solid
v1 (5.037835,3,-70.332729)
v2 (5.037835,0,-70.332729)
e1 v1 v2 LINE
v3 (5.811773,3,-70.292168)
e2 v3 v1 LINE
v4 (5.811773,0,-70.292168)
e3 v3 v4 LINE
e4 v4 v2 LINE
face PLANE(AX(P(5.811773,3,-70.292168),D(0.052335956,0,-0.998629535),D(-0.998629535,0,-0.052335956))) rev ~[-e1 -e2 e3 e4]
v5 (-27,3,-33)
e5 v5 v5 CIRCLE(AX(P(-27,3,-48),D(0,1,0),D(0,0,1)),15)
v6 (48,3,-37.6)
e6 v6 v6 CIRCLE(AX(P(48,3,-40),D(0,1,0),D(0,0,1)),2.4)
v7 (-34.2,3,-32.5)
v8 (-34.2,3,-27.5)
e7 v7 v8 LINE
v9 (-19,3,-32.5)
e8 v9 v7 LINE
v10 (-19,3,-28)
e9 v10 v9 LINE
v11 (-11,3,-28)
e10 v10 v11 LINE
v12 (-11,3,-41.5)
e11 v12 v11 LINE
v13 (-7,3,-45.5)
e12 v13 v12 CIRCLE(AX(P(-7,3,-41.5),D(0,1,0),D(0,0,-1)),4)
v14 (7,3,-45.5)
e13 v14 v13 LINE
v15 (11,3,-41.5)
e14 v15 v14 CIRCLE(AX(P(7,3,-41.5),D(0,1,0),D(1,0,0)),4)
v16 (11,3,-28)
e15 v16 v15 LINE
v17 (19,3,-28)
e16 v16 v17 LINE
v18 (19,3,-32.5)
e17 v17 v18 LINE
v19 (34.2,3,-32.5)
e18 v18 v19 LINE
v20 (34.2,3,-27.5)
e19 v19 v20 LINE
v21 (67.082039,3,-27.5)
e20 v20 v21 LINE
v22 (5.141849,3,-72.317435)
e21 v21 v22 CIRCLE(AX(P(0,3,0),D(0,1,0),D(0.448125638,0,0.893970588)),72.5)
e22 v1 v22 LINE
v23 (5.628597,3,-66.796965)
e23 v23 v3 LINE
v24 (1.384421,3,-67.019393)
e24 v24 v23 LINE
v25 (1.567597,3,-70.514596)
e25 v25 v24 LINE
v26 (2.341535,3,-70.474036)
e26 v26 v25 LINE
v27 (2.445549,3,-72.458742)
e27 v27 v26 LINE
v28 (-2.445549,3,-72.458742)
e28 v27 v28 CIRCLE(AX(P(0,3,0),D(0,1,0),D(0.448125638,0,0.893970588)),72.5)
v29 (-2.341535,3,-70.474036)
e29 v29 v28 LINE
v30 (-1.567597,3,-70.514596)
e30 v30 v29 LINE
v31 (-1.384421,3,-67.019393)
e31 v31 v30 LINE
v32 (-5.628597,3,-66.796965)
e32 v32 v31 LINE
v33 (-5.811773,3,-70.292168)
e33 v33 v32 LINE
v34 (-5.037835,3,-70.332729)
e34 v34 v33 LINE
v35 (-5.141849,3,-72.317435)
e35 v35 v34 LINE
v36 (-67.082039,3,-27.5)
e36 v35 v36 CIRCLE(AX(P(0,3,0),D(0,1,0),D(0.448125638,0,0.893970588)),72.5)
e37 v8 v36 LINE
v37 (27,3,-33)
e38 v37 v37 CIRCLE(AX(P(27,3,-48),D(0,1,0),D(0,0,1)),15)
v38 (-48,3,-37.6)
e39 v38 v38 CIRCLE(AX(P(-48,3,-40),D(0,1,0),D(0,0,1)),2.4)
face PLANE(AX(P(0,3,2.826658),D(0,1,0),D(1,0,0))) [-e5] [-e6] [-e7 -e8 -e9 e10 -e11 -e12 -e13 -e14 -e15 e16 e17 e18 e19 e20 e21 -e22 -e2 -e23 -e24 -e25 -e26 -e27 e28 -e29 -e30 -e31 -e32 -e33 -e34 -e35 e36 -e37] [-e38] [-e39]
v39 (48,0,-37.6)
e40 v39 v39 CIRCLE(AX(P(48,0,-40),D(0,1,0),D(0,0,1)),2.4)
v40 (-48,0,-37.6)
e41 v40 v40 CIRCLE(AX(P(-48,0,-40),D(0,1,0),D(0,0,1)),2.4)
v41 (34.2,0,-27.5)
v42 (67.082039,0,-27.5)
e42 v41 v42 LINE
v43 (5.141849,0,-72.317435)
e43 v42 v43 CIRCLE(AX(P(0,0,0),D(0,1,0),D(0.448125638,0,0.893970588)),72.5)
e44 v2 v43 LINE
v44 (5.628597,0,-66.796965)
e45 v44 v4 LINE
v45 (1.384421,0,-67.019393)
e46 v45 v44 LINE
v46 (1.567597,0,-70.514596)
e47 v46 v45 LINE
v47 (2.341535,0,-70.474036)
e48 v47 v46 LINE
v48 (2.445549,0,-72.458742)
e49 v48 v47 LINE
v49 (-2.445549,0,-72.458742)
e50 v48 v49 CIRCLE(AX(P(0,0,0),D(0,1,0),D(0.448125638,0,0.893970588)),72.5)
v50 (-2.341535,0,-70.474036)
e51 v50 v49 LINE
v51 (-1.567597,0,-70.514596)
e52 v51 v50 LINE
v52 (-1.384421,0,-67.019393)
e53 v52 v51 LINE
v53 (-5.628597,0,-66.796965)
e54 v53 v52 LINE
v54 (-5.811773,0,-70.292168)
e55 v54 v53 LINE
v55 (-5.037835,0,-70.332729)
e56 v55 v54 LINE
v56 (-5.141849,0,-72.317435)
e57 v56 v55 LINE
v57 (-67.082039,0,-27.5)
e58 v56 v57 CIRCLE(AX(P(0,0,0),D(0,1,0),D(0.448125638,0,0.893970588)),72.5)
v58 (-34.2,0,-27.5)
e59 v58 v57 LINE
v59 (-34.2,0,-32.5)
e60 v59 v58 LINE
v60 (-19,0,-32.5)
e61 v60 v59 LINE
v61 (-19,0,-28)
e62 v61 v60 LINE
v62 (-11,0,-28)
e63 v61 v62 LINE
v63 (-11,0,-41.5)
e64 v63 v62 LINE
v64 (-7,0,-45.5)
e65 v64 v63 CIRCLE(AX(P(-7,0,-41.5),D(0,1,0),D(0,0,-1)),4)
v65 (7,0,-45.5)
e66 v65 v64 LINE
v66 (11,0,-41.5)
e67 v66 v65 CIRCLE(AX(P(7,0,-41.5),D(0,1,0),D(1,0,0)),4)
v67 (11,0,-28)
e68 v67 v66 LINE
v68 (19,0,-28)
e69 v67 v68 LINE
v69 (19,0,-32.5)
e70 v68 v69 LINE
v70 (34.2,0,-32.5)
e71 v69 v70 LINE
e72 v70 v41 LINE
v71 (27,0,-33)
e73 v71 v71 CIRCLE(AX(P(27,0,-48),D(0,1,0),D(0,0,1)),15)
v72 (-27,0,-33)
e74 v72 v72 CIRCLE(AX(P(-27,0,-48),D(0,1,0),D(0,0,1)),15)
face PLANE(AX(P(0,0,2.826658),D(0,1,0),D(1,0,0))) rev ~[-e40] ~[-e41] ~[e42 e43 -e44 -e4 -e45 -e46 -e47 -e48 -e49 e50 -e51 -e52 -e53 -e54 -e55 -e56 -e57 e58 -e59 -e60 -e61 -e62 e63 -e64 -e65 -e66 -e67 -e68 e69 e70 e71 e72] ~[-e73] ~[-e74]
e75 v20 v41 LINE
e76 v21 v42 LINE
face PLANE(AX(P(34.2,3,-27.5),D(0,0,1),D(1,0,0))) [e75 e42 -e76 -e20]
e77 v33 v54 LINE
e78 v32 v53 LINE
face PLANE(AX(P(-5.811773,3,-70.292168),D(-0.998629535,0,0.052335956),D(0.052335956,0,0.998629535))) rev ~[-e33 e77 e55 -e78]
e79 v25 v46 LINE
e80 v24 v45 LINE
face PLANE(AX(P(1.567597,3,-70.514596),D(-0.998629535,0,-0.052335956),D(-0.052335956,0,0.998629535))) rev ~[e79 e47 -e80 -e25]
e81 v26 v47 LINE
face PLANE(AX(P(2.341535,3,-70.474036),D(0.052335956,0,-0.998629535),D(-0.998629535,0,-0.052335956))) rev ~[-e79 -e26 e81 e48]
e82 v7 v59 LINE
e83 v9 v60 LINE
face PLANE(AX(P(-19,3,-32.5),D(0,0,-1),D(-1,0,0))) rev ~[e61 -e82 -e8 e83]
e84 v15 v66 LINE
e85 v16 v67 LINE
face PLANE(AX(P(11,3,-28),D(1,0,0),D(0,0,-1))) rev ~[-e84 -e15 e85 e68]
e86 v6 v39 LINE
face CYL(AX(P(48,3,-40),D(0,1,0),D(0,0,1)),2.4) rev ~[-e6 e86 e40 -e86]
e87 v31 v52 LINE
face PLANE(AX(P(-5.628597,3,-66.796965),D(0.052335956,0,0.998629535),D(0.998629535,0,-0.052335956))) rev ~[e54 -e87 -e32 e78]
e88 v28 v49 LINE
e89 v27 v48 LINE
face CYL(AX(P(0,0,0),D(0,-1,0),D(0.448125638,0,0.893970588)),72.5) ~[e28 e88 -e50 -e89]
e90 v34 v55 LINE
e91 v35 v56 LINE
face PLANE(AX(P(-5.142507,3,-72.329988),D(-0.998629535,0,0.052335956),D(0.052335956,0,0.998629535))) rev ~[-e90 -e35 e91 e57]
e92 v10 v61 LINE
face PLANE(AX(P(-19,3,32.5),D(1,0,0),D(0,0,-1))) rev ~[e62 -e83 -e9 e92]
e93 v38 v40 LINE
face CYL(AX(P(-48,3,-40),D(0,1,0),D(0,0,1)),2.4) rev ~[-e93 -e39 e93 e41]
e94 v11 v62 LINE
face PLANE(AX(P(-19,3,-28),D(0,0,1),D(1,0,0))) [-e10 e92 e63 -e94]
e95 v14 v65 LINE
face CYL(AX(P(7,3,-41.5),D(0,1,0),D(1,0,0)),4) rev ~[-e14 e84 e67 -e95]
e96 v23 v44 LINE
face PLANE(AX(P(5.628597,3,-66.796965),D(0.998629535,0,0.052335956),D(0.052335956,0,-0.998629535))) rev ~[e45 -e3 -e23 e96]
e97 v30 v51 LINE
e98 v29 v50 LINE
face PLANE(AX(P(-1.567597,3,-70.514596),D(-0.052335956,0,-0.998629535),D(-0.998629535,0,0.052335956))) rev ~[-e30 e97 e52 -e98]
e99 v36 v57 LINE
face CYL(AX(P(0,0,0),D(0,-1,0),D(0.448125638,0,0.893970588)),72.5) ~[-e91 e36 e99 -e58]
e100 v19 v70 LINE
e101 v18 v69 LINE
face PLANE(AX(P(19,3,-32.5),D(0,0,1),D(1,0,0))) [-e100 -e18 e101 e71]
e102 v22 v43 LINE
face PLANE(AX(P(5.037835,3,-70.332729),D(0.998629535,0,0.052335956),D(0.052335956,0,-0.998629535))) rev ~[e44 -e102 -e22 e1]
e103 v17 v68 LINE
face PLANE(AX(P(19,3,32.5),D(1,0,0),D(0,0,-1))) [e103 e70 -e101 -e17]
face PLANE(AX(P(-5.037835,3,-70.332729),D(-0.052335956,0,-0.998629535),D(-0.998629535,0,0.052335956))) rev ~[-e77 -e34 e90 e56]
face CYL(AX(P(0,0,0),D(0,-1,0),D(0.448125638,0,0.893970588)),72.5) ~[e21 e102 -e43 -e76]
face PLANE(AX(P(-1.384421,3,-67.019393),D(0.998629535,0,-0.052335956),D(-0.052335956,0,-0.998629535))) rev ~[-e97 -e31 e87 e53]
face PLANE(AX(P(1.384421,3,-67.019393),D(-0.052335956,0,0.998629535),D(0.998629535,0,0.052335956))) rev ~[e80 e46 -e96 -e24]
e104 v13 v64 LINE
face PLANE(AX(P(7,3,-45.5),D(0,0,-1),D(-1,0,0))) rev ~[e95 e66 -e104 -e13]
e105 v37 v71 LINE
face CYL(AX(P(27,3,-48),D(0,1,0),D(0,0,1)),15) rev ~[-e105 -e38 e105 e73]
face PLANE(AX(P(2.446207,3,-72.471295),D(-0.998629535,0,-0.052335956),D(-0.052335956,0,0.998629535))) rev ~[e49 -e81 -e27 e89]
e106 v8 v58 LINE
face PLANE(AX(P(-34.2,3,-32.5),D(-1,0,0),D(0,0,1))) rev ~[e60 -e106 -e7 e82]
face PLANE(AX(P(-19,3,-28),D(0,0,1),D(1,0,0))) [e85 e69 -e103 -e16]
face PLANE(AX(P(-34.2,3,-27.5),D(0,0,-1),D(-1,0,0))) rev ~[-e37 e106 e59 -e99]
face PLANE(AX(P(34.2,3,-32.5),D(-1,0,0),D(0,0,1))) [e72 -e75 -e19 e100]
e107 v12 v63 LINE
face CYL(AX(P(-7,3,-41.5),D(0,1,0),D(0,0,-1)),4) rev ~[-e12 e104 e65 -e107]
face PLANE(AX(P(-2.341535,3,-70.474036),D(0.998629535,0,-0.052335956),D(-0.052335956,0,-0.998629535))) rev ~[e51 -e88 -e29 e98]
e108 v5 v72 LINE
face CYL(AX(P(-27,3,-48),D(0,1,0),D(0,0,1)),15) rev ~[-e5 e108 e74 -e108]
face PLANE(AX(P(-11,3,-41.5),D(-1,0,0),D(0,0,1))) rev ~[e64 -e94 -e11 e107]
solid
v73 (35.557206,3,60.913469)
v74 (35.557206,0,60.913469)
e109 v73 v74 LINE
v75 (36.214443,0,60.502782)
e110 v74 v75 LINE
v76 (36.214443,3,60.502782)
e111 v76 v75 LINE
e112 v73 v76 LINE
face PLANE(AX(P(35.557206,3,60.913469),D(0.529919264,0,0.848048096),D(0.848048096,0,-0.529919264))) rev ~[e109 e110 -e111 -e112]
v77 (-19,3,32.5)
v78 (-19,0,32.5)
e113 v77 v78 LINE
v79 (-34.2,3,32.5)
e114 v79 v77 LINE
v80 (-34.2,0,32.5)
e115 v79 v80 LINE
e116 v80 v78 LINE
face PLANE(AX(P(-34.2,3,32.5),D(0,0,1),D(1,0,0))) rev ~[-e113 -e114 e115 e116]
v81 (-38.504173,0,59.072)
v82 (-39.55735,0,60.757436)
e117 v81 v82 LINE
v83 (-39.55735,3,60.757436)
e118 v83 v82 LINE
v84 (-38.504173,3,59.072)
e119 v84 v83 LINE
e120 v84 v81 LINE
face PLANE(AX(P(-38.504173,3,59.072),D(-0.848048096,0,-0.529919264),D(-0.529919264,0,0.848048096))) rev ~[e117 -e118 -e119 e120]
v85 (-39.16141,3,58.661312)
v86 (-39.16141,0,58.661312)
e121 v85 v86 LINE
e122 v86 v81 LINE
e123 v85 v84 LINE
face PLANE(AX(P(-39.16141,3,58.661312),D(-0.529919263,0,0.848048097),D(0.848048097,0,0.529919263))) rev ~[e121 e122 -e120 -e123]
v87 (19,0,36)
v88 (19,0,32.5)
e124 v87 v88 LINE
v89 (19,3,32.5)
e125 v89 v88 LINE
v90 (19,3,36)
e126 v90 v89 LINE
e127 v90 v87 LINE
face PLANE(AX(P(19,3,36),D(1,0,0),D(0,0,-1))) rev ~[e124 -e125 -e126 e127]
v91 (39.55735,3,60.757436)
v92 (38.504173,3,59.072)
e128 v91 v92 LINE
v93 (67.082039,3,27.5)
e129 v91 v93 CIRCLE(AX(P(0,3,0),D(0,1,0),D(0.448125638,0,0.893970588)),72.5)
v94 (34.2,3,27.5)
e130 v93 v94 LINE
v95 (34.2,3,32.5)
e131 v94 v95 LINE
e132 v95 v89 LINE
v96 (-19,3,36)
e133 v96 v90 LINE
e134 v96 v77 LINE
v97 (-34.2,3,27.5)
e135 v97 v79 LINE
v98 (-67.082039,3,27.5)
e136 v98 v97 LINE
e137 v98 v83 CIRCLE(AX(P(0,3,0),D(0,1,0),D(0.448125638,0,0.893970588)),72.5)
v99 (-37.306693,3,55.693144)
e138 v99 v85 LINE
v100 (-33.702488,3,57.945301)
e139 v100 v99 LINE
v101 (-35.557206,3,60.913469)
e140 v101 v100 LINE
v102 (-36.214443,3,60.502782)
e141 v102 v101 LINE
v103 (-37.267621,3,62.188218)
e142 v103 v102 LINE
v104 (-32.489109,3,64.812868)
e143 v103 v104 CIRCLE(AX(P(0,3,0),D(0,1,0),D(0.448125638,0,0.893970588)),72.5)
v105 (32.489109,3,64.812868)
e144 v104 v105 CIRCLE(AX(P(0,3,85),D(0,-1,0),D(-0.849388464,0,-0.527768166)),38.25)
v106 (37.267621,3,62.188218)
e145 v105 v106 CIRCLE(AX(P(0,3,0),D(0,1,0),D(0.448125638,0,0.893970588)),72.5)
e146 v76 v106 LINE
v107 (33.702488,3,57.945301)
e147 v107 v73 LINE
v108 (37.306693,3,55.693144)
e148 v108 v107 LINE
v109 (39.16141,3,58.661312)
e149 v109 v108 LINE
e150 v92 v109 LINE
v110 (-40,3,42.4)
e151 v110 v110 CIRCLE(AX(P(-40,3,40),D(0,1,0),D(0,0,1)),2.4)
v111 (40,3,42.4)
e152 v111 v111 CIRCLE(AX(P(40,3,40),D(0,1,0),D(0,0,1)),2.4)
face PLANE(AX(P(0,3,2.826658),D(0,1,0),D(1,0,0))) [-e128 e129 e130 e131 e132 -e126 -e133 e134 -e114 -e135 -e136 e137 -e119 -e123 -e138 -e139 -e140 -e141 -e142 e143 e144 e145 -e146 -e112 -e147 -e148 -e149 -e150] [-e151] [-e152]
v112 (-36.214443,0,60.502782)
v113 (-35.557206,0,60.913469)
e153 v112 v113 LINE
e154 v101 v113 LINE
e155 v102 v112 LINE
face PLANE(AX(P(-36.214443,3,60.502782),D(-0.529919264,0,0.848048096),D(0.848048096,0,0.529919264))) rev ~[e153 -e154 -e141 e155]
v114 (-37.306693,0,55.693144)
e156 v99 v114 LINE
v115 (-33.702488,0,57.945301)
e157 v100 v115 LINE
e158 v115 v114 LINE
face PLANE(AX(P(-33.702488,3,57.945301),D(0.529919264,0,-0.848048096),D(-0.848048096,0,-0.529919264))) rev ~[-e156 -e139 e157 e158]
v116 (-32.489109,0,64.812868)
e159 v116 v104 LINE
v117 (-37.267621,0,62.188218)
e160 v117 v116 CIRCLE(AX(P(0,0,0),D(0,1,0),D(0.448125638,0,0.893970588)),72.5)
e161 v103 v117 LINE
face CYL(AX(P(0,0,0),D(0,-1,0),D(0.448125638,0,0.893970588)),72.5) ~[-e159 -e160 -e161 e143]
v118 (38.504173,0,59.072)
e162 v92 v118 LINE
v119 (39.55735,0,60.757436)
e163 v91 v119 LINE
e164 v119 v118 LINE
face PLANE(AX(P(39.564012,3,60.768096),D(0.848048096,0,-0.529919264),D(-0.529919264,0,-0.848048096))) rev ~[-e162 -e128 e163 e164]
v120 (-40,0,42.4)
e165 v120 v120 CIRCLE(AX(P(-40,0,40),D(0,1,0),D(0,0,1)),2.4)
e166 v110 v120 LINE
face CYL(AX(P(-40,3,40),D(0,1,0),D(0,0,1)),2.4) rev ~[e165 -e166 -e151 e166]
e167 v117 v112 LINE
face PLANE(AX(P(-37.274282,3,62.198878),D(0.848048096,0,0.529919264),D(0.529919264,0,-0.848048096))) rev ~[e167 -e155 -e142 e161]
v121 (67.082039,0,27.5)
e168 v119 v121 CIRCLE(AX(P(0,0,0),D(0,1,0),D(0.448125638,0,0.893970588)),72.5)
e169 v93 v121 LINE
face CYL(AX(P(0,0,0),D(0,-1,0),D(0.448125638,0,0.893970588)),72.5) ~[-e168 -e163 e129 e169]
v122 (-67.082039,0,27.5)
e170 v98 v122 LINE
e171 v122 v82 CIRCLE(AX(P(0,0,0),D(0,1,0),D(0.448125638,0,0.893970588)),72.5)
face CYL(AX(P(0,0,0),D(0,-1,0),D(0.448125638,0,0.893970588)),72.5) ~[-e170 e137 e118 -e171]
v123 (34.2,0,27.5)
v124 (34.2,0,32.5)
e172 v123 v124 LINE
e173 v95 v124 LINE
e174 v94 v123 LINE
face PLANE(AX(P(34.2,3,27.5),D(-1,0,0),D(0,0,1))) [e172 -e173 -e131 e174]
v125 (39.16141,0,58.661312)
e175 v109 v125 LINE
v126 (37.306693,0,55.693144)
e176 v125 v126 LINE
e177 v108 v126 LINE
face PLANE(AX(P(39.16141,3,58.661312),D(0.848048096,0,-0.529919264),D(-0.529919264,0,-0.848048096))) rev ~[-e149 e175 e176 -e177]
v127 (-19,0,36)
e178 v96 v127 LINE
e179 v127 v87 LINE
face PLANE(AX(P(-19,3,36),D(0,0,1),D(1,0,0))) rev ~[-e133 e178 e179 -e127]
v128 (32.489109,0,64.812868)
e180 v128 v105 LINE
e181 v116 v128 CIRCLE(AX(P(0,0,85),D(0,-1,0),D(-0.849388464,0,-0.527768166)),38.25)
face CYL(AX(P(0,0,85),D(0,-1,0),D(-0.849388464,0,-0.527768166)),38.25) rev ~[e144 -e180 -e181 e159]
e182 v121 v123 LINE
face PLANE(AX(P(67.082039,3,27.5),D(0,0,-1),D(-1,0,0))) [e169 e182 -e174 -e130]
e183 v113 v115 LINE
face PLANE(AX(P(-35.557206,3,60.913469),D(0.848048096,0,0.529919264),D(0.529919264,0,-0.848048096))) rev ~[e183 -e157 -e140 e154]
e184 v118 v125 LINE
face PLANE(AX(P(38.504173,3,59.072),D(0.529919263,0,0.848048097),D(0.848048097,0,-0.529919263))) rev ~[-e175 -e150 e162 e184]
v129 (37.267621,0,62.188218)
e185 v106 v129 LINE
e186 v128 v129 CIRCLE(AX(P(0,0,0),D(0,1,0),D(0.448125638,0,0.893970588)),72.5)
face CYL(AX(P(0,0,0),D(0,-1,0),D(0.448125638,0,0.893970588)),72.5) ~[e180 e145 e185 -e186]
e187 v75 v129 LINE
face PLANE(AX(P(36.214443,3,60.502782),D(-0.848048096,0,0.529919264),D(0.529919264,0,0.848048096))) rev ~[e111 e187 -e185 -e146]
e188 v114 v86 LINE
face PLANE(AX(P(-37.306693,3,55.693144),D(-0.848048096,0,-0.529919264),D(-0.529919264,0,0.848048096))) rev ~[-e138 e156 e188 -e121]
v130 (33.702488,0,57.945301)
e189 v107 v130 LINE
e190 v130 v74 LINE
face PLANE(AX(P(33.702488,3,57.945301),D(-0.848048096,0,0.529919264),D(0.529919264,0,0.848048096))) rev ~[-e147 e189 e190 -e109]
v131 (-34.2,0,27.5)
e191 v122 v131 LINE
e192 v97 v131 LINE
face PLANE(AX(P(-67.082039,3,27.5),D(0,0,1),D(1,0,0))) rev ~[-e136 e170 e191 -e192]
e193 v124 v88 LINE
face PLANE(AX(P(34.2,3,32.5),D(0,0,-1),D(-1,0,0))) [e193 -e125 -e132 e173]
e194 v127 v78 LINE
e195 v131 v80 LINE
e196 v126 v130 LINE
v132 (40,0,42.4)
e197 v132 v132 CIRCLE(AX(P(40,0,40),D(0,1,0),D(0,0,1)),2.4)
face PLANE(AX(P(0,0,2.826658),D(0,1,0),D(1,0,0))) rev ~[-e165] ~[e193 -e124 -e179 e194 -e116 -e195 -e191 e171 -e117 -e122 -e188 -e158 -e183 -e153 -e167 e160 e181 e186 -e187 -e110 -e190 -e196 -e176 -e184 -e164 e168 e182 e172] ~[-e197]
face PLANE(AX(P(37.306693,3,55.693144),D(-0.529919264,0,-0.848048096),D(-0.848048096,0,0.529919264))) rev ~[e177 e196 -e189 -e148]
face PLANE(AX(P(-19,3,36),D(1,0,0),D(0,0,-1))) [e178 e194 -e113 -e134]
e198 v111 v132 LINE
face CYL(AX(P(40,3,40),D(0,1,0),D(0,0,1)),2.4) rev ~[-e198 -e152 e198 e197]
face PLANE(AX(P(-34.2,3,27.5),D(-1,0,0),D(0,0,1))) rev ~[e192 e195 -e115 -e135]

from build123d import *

# Parameters (mm, degrees)
BOSS_EXTRUDE1_DEPTH  = 3
SOLENOID_PLACEMENT_W = 38
SOLENOID_PLACEMENT_H = 64
CUT_EXTRUDE1_DEPTH   = 103.574363269
SKETCH3_R            = 12
CUT_EXTRUDE3_DEPTH   = 103.574363269
SKETCH4_R            = 2.4
CUT_EXTRUDE4_DEPTH   = 103.574363269
CUT_EXTRUDE2_DEPTH   = 103.574363269
CUT_EXTRUDE5_DEPTH   = 99.819279495
SKETCH6_R            = 15
CUT_EXTRUDE10_DEPTH  = 99.819279495
CUT_EXTRUDE11_DEPTH  = 99.819279495


with BuildPart() as part:
    # Sketch1 → Boss-Extrude1 (new body)
    with BuildSketch(Plane(origin=(0, 0, 0), x_dir=(1, 0, 0), z_dir=(0, 1, 0))):
        with BuildLine():
            ThreePointArc((32.48910875, -64.812867647), (0, 72.5), (-32.48910875, -64.812867647))
            ThreePointArc((-32.48910875, -64.812867647), (0, -46.75), (32.48910875, -64.812867647))
        make_face()
    extrude(amount=BOSS_EXTRUDE1_DEPTH)

    # solenoid placement → Cut-Extrude1 (cut, through all)
    with BuildSketch(Plane(origin=(0, 3, 0), x_dir=(1, 0, 0), z_dir=(0, 1, 0))):
        with Locations((0, -4)):
            Rectangle(SOLENOID_PLACEMENT_W, SOLENOID_PLACEMENT_H)
    extrude(amount=-CUT_EXTRUDE1_DEPTH, mode=Mode.SUBTRACT)

    # Sketch3 → Cut-Extrude3 (cut, through all)
    with BuildSketch(Plane(origin=(0, 3, 0), x_dir=(1, 0, 0), z_dir=(0, 1, 0))):
        with Locations(Location((27, 48, 0), (0, 0, 270))):
            Circle(SKETCH3_R)
        with Locations(Location((-27, 48, 0), (0, 0, 270))):
            Circle(SKETCH3_R)
    extrude(amount=-CUT_EXTRUDE3_DEPTH, mode=Mode.SUBTRACT)

    # Sketch4 → Cut-Extrude4 (cut, through all)
    with BuildSketch(Plane(origin=(0, 3, 0), x_dir=(1, 0, 0), z_dir=(0, 1, 0))):
        with Locations(Location((40, -40, 0), (0, 0, 270))):
            Circle(SKETCH4_R)
        with Locations(Location((-40, -40, 0), (0, 0, 270))):
            Circle(SKETCH4_R)
        with Locations(Location((48, 40, 0), (0, 0, 270))):
            Circle(SKETCH4_R)
        with Locations(Location((-48, 40, 0), (0, 0, 270))):
            Circle(SKETCH4_R)
    extrude(amount=-CUT_EXTRUDE4_DEPTH, mode=Mode.SUBTRACT)

    # Sketch2 → Cut-Extrude2 (cut, through all)
    with BuildSketch(Plane(origin=(0, 3, 0), x_dir=(1, 0, 0), z_dir=(0, 1, 0))):
        with BuildLine():
            Line((34.2, -27.5), (34.2, -32.5))
            Line((34.2, -32.5), (22.2, -32.5))
            Line((22.2, -32.5), (19, -32.5))
            Line((19, -32.5), (19, 32.5))
            Line((19, 32.5), (22.2, 32.5))
            Line((22.2, 32.5), (34.2, 32.5))
            Line((34.2, 32.5), (34.2, 27.5))
            Line((34.2, 27.5), (67.082039325, 27.5))
            ThreePointArc((67.082039325, 27.5), (72.5, 0), (67.082039325, -27.5))
            Line((67.082039325, -27.5), (34.2, -27.5))
        make_face()
        with BuildLine():
            Line((-34.2, -32.5), (-22.2, -32.5))
            Line((-22.2, -32.5), (-19, -32.5))
            Line((-19, -32.5), (-19, 32.5))
            Line((-19, 32.5), (-22.2, 32.5))
            Line((-22.2, 32.5), (-34.2, 32.5))
            Line((-34.2, 32.5), (-34.2, 27.5))
            Line((-34.2, 27.5), (-67.082039325, 27.5))
            ThreePointArc((-67.082039325, 27.5), (-72.5, 0), (-67.082039325, -27.5))
            Line((-67.082039325, -27.5), (-34.2, -27.5))
            Line((-34.2, -27.5), (-34.2, -32.5))
        make_face()
    extrude(amount=-CUT_EXTRUDE2_DEPTH, mode=Mode.SUBTRACT)


with BuildPart() as cut_extrude2_piece_1:
    # of the separate pieces the step leaves, piece 1, a body of its own (cut_extrude2_pieces)
    add(part.part.solids().sort_by_distance((67.082039325, 0, -27.5))[0])

    # Sketch5 → Cut-Extrude5 (cut, through all)
    with BuildSketch(Plane(origin=(0, 3, 0), x_dir=(1, 0, 0), z_dir=(0, 1, 0))):
        with BuildLine():
            Line((-11, 41.5), (-11, 28))
            Line((-11, 28), (11, 28))
            Line((11, 28), (11, 41.5))
            ThreePointArc((11, 41.5), (9.828427125, 44.328427125), (7, 45.5))
            Line((7, 45.5), (-7, 45.5))
            ThreePointArc((-7, 45.5), (-9.828427125, 44.328427125), (-11, 41.5))
        make_face()
    extrude(amount=-CUT_EXTRUDE5_DEPTH, mode=Mode.SUBTRACT)

    # Sketch6 → Cut-Extrude10 (cut, through all)
    with BuildSketch(Plane(origin=(0, 3, 0), x_dir=(-1, 0, 0), z_dir=(0, 1, 0))):
        with Locations(Location((-27, -48, 0), (0, 0, 90))):
            Circle(SKETCH6_R)
        with Locations(Location((27, -48, 0), (0, 0, 90))):
            Circle(SKETCH6_R)
    extrude(amount=-CUT_EXTRUDE10_DEPTH, mode=Mode.SUBTRACT)


with BuildPart() as cut_extrude2_piece_2:
    # of the separate pieces the step leaves, piece 2, a body of its own (cut_extrude2_pieces)
    add(part.part.solids().sort_by_distance((32.48910875, 0, 64.812867647))[0])


with BuildPart() as cut_extrude11_tool:
    # Sketch7 → Cut-Extrude11 (new, through all)
    with BuildSketch(Plane(origin=(0, 3, 0), x_dir=(1, 0, 0), z_dir=(0, 1, 0))):
        Polygon((-5.037834787, 70.332728659), (-5.811772676, 70.292168293), (-5.62859683, 66.796964922), (-1.384421307, 67.019392736), (-1.567597154, 70.514596107), (-2.341535043, 70.474035741), (-2.446206956, 72.471294811), (-5.1425067, 72.329987729), align=None)
        Polygon((5.811772676, 70.292168293), (5.037834787, 70.332728659), (5.1425067, 72.329987729), (2.446206956, 72.471294811), (2.341535043, 70.474035741), (1.567597154, 70.514596107), (1.384421307, 67.019392736), (5.62859683, 66.796964922), align=None)
        Polygon((38.504173058, -59.071999772), (39.161410333, -58.661312343), (37.306692908, -55.693144006), (33.702488499, -57.945300879), (35.557205924, -60.913469216), (36.214443199, -60.502781786), (37.274281727, -62.198877978), (39.564011587, -60.768095965), align=None)
        Polygon((-39.161410333, -58.661312343), (-38.504173058, -59.071999772), (-39.564011587, -60.768095965), (-37.274281727, -62.198877978), (-36.214443199, -60.502781786), (-35.557205924, -60.913469216), (-33.702488499, -57.945300879), (-37.306692908, -55.693144006), align=None)
    extrude(amount=-CUT_EXTRUDE11_DEPTH)


with BuildPart() as cut_extrude2_piece_1_1:
    add(cut_extrude2_piece_1.part)

    # Cut-Extrude11: cut by cut_extrude11_tool
    add(cut_extrude11_tool.part, mode=Mode.SUBTRACT)


with BuildPart() as cut_extrude2_piece_2_1:
    add(cut_extrude2_piece_2.part)

    # Cut-Extrude11: cut by cut_extrude11_tool
    add(cut_extrude11_tool.part, mode=Mode.SUBTRACT)


solid = Compound([cut_extrude2_piece_1_1.part, cut_extrude2_piece_2_1.part])
